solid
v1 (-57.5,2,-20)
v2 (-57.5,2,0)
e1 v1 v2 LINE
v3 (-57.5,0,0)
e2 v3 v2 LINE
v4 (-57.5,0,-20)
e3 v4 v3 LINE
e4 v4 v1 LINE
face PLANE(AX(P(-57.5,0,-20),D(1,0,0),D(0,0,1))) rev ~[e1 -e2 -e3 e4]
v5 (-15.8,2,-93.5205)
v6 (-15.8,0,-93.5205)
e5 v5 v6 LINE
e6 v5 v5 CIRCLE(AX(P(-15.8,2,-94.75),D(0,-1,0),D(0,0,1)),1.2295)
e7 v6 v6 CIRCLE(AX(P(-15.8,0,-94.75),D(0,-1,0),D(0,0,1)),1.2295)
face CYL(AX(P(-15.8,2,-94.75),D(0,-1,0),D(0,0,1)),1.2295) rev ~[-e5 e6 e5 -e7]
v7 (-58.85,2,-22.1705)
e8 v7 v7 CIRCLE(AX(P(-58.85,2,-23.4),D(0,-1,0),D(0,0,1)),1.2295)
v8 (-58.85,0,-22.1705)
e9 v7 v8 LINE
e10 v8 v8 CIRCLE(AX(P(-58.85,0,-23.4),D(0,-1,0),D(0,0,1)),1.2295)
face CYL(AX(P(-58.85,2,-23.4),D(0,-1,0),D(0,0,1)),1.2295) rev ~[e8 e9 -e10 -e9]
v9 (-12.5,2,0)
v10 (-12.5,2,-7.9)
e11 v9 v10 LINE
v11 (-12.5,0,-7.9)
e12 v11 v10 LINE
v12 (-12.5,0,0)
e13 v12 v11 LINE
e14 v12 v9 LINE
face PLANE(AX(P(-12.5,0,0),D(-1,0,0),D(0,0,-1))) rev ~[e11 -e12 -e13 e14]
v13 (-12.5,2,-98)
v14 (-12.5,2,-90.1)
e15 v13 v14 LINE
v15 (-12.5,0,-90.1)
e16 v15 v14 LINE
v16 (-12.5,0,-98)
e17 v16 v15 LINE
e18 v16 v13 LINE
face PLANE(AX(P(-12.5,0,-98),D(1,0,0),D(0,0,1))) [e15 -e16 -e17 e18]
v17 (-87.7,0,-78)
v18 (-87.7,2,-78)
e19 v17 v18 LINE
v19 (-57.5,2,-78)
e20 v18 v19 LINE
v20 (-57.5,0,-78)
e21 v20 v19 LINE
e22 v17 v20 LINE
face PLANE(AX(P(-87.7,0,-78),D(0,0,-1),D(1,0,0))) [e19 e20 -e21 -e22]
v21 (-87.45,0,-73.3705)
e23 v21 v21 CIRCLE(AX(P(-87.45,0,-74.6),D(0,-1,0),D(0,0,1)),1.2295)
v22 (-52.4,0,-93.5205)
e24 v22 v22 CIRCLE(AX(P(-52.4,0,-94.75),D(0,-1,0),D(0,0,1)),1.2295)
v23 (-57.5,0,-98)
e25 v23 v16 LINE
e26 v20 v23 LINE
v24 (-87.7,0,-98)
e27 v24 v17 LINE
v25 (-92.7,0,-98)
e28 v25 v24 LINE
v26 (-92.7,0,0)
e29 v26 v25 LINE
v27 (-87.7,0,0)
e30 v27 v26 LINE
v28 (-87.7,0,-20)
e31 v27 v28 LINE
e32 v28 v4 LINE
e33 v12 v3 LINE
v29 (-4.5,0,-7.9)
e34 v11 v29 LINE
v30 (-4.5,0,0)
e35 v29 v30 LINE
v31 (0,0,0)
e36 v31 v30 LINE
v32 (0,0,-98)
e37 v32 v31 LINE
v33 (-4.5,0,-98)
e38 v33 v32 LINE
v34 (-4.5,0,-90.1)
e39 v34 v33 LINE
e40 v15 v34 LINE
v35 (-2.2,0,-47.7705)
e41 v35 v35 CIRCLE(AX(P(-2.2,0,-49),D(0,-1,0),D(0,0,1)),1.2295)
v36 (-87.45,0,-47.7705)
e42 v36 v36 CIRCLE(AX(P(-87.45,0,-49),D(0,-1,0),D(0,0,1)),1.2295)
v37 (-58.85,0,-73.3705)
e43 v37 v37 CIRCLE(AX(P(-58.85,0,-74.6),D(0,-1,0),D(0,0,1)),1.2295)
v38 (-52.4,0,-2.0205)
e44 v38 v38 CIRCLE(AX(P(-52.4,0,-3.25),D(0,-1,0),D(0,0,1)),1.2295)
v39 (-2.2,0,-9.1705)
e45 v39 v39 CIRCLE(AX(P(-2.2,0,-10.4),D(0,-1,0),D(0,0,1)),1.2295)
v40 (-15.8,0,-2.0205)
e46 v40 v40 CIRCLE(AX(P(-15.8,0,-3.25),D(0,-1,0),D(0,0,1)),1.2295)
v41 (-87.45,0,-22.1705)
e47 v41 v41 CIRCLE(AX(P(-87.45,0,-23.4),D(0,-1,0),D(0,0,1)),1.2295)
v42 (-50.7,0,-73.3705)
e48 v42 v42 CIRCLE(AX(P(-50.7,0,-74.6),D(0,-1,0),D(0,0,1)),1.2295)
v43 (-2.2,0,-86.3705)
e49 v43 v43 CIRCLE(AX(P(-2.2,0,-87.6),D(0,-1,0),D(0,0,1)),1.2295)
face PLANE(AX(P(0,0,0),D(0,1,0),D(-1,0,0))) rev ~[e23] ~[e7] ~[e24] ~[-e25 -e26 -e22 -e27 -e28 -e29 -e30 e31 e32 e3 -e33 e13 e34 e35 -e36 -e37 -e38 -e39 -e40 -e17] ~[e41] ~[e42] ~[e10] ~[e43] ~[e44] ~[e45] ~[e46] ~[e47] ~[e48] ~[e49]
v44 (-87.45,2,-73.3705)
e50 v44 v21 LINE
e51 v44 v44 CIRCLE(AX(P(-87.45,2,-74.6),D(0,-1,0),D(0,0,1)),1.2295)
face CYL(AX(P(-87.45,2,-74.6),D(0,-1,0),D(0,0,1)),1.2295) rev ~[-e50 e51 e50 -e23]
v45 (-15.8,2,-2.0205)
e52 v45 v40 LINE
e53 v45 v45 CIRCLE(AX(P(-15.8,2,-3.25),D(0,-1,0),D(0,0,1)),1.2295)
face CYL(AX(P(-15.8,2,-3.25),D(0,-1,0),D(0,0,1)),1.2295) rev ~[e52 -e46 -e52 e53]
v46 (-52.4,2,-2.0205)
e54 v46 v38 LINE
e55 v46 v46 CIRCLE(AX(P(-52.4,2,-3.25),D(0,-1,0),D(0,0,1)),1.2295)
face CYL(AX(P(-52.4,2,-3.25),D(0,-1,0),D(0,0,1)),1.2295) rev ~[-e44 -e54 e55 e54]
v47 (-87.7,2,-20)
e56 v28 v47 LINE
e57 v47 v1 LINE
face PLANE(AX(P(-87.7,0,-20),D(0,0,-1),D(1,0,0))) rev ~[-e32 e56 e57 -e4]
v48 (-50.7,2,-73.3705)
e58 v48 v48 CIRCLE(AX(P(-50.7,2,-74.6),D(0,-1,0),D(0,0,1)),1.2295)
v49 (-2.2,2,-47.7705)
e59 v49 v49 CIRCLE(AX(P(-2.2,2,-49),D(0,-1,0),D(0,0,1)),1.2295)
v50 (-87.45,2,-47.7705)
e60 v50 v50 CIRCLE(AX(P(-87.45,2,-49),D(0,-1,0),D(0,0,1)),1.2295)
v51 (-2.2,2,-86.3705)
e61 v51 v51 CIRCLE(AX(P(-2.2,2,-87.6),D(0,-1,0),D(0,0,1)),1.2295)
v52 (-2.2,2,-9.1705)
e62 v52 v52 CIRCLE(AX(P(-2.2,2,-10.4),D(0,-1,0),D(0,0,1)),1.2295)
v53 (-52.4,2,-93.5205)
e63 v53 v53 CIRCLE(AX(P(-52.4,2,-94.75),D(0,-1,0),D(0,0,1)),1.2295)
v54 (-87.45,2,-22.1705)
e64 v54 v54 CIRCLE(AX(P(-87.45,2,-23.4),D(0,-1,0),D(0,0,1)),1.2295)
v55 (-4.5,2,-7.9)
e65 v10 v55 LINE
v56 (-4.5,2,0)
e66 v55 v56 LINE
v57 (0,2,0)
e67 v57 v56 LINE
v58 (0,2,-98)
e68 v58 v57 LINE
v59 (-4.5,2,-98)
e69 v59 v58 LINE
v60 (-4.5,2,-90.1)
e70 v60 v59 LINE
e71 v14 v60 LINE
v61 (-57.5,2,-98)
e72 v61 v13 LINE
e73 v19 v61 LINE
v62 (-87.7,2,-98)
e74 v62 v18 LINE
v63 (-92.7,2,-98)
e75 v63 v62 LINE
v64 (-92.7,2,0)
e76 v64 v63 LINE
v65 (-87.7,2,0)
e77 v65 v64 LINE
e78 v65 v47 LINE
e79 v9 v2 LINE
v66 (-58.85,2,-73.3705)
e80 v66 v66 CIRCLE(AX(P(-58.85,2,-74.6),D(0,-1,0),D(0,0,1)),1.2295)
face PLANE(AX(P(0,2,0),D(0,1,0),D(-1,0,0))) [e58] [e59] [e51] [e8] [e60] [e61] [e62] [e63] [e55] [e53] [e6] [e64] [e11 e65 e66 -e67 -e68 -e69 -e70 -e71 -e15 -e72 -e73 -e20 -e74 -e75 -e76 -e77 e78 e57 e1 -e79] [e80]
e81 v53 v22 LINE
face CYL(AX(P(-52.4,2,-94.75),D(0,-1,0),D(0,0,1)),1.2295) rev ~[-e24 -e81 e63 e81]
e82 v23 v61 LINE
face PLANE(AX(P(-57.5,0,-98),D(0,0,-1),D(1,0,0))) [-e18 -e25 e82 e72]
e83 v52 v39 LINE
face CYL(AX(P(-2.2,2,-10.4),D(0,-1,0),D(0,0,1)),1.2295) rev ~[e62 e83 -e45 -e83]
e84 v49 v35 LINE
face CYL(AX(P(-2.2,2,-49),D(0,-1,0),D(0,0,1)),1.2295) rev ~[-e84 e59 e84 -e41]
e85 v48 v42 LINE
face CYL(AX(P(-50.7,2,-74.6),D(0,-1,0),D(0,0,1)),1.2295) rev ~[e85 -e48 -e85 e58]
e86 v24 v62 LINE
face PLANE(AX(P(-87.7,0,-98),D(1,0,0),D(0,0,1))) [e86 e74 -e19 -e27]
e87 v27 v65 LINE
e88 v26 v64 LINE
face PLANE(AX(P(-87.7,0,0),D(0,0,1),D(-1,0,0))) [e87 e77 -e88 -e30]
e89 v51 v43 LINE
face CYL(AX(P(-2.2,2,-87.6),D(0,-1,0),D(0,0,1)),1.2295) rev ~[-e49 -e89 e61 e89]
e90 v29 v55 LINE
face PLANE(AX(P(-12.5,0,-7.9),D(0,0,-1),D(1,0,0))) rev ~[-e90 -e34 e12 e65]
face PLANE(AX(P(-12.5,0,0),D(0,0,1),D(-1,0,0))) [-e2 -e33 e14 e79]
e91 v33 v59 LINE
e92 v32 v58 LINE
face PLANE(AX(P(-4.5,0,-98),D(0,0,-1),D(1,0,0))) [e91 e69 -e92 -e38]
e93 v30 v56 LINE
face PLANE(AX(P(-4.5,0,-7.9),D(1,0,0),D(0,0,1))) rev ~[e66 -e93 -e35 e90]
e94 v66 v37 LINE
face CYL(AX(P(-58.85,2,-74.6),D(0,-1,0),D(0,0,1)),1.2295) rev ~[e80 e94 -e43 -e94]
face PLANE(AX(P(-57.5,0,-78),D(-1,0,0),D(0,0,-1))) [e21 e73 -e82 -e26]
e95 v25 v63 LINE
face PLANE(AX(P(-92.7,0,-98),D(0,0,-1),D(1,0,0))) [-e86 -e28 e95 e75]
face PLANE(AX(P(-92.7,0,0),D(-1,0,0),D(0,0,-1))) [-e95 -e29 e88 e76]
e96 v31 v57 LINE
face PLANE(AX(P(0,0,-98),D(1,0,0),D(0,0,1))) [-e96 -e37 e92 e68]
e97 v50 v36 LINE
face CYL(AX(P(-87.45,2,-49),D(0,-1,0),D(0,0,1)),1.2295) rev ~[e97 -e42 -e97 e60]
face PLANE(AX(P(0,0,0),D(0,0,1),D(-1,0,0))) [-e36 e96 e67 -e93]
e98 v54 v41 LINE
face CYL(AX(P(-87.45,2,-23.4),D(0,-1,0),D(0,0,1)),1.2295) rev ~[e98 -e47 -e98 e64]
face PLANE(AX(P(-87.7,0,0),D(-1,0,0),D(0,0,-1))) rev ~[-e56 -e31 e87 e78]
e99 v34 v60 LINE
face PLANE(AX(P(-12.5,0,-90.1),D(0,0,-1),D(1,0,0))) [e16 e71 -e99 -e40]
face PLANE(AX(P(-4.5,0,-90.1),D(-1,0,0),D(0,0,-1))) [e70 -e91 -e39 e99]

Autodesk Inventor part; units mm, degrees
ref_plane "YZ Plane" through (0, 0, 0) normal (1, 0, 0) x (0, 1, 0)
ref_plane "XZ Plane" through (0, 0, 0) normal (0, 1, 0) x (-1, 0, 0)
ref_plane "XY Plane" through (0, 0, 0) normal (0, 0, 1) x (1, 0, 0)
sketch "Szkic1" plane through (0, 0, 0) normal (0, 1, 0) x (-1, 0, 0)
  line L0 (0, 0) -> (92.7, 0)
  line L1 (92.7, 0) -> (92.7, -98)
  line L2 (92.7, -98) -> (0, -98)
  line L3 (0, -98) -> (0, 0)
  line L4 (4.5, -98) -> (12.5, -98)
  line L5 (12.5, -98) -> (12.5, -90.1)
  line L6 (12.5, -90.1) -> (4.5, -90.1)
  line L7 (4.5, -90.1) -> (4.5, -98)
  line L8 (57.5, -98) -> (87.7, -98)
  line L9 (87.7, -98) -> (87.7, -78)
  line L10 (87.7, -78) -> (57.5, -78)
  line L11 (57.5, -78) -> (57.5, -98)
  line L12 (92.7, -49) -> (0, -49) construction
  line L13 (92.7, 0) -> (0, 0)
  line L14 (4.5, 0) -> (12.5, 0)
  line L15 (12.5, 0) -> (12.5, -7.9)
  line L16 (12.5, -7.9) -> (4.5, -7.9)
  line L17 (4.5, -7.9) -> (4.5, 0)
  line L18 (57.5, 0) -> (87.7, 0)
  line L19 (87.7, 0) -> (87.7, -20)
  line L20 (87.7, -20) -> (57.5, -20)
  line L21 (57.5, -20) -> (57.5, 0)
  dimension "d0" = 92.7
  dimension "d1" = 98
  dimension "d2" = 57.5
  dimension "d3" = 30.2
  dimension "d4" = 20
  dimension "d5" = 7.9
  dimension "d6" = 8
  dimension "d8" = 4.5
extrude "Wyciągnięcie proste1" add sketch "Szkic1" along normal blind 2 contours L0 L17 L16 L15 L21 L20 L19 L1 L2 L9 L10 L11 L5 L6 L7 L3
sketch "Szkic2" plane through (0, 2, 0) normal (0, 1, 0) x (1, 0, 0)
  line L0 (0, 0) -> (0, 98) construction
  line L1 (0, 49) -> (-92.7, 49) construction
  line L2 (-92.7, 98) -> (-92.7, 0) construction
  line L3 (-2.2, 49) -> (-2.2, 87.6) construction
  line L4 (-52.4, 94.75) -> (-15.8, 94.75) construction
  line L5 (-87.45, 74.6) -> (-58.85, 74.6) construction
  line L6 (-87.45, 49) -> (-87.45, 74.6) construction
  line L7 (-57.5, 78) -> (-87.7, 78) construction
  line L8 (-12.5, 98) -> (-57.5, 98) construction
  line L9 (-12.5, 90.1) -> (-12.5, 98) construction
  line L10 (-52.4, 3.25) -> (-15.8, 3.25) construction
  line L11 (-87.45, 23.4) -> (-58.85, 23.4) construction
  line L12 (-57.5, 20) -> (-87.7, 20) construction
  line L13 (-12.5, 0) -> (-57.5, 0) construction
  line L14 (-12.5, 7.9) -> (-12.5, 0) construction
  point P0 (-2.2, 10.4)
  point P1 (-50.7, 74.6)
  dimension "d11" = 2.2
  dimension "d12" = 38.6
  dimension "d13" = 3.25
  dimension "d14" = 3.3
  dimension "d15" = 36.6
  dimension "d16" = 3.4
  dimension "d17" = 5.25
  dimension "d18" = 28.6
  dimension "d26" = 42
hole "Otwór1" at (-2.2, 2, -87.6) at (-2.2, 2, -49) at (-15.8, 2, -94.75) at (-52.4, 2, -94.75) at (-58.85, 2, -74.6) at (-87.45, 2, -74.6) at (-87.45, 2, -49) at (-52.4, 2, -3.25) at (-15.8, 2, -3.25) at (-87.45, 2, -23.4) at (-58.85, 2, -23.4) at (-2.2, 2, -10.4) at (-50.7, 2, -74.6) direction (0, -1, 0) diameter 2.459 end through all thread size "M3x0.5" class "6H" standard "ISO Metric profile"
properties part number "Blacha" material "Stal"
